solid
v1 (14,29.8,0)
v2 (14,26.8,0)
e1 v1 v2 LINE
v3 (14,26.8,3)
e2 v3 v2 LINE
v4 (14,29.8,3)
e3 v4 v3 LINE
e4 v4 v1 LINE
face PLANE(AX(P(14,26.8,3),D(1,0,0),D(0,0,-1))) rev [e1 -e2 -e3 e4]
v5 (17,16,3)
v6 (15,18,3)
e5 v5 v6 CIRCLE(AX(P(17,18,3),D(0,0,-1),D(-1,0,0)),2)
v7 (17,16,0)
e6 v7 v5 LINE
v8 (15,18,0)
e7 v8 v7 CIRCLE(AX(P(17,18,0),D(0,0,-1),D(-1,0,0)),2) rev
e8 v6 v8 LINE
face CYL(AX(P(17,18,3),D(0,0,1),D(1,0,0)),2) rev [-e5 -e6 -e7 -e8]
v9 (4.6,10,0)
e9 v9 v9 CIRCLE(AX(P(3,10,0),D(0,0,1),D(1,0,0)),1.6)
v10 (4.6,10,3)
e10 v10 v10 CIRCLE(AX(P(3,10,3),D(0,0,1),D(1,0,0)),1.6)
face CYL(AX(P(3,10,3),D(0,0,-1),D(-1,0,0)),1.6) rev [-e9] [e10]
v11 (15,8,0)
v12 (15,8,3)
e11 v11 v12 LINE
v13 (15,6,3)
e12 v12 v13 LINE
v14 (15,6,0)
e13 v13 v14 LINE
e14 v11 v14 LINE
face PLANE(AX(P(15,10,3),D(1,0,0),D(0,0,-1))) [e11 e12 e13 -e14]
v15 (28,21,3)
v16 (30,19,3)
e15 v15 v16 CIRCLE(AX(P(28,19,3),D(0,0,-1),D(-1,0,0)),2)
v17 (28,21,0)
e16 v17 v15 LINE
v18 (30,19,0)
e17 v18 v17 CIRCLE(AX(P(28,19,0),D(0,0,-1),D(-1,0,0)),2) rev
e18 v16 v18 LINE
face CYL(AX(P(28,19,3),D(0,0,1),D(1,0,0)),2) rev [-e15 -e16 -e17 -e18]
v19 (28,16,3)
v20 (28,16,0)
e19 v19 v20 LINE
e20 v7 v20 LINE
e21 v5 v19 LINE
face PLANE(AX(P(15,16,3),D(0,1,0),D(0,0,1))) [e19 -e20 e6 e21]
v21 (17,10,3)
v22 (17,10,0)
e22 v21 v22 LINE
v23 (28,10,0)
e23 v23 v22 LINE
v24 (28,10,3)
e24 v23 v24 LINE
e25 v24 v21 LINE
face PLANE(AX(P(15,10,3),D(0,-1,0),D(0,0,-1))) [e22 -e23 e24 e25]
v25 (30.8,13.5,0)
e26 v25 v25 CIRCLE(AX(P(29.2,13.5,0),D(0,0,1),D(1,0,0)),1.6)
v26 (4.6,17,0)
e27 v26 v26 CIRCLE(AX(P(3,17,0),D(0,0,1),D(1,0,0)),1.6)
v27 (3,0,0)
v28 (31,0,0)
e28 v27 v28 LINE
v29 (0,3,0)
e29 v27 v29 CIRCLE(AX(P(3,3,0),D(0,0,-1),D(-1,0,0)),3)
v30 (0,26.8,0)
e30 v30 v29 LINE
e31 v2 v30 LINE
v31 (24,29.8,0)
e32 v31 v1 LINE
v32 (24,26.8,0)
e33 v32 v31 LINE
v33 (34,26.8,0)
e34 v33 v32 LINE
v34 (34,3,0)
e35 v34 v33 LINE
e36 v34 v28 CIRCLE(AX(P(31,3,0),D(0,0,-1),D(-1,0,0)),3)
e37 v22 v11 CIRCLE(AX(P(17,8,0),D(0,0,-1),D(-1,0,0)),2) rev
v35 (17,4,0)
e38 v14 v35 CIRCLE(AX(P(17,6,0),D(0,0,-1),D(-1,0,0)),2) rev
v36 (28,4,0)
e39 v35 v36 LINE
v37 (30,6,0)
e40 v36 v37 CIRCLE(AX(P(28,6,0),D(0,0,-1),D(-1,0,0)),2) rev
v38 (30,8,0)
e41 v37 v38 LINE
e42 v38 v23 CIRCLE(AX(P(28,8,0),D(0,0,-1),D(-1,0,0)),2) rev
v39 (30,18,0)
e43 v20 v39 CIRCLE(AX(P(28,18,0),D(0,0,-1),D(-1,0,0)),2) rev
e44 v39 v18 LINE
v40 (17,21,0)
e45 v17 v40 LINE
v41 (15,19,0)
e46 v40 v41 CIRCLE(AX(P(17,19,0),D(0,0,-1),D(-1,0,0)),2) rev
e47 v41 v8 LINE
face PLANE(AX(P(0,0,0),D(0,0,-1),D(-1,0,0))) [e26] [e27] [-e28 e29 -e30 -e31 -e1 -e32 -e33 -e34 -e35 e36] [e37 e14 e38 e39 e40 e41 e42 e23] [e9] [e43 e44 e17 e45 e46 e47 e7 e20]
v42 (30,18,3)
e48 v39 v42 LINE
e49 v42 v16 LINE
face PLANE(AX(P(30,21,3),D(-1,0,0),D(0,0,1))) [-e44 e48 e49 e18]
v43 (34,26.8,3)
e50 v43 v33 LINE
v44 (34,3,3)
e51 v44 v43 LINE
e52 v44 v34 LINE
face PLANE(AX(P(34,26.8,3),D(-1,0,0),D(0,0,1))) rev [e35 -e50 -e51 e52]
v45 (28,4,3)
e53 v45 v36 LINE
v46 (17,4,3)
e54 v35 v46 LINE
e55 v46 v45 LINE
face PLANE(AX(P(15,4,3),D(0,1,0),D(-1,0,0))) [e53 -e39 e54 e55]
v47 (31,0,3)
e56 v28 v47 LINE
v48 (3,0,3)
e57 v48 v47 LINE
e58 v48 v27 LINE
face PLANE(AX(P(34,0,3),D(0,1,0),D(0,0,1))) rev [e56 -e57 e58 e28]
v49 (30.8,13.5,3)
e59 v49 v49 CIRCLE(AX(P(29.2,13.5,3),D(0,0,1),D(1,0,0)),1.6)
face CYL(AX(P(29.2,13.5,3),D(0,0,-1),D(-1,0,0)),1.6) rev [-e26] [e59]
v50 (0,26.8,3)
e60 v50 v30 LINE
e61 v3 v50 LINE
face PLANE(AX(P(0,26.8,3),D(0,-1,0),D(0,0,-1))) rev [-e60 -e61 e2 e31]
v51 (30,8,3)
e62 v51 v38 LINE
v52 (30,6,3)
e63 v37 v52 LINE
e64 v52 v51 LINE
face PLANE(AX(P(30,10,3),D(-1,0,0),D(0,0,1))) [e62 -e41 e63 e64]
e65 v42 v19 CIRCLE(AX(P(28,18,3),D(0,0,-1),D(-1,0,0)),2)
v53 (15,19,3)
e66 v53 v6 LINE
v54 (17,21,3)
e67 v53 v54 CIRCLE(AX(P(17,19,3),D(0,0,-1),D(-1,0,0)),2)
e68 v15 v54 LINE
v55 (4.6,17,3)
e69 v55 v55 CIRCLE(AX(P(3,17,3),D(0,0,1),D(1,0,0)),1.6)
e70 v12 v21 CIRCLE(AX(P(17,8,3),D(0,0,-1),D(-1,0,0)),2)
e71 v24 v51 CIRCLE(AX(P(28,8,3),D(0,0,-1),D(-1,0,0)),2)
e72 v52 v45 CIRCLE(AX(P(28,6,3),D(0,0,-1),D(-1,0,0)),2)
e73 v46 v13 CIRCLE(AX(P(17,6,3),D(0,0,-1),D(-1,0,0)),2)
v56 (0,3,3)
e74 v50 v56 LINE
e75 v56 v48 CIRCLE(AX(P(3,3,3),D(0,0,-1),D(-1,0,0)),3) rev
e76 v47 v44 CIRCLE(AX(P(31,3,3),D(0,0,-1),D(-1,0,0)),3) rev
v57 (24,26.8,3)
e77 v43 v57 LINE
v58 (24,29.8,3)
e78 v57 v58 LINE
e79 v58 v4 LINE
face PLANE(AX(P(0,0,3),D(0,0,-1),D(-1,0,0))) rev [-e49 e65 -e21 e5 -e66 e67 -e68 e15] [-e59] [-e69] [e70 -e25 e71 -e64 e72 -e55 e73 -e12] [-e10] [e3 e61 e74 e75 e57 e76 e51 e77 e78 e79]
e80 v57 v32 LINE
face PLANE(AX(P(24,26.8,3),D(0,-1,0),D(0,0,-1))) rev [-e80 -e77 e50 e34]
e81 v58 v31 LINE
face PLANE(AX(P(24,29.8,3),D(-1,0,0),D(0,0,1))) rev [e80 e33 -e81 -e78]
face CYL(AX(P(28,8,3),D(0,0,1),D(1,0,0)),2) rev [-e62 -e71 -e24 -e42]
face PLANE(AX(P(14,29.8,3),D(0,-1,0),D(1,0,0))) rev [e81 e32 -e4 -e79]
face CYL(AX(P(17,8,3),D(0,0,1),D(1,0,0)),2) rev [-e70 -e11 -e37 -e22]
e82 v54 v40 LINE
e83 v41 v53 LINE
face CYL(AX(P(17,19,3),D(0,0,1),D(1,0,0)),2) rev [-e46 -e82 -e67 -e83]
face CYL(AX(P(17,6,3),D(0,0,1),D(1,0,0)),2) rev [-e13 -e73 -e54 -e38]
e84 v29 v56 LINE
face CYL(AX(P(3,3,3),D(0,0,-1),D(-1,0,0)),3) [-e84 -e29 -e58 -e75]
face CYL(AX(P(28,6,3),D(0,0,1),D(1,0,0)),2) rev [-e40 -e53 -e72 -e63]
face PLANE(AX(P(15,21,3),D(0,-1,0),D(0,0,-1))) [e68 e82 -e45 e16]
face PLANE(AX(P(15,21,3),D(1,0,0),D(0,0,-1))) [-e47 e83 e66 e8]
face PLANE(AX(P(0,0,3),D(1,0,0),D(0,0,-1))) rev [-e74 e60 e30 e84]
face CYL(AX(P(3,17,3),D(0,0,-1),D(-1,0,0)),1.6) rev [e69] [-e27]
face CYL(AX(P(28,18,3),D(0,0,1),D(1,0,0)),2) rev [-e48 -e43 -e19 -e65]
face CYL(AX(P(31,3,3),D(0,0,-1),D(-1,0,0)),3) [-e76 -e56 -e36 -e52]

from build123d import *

# Parameters (mm, degrees)
SKETCH_1_R      = 1.6
SKETCH_1_W      = 15
SKETCH_1_H      = 6
SKETCH_1_H_2    = 5
EXTRUDE_1_DEPTH = 3
FILLET_1_R      = 2
FILLET_2_R      = 3


with BuildPart() as part:
    # 草图1 → 凸台-拉伸1 (new body)
    with BuildSketch(Plane.XY):
        Polygon((0, 0), (0, 26.8), (14, 26.8), (14, 29.8), (24, 29.8), (24, 26.8), (34, 26.8), (34, 0), align=None)
        with Locations((3, 17)):
            Circle(SKETCH_1_R, mode=Mode.SUBTRACT)
        with Locations((3, 10)):
            Circle(SKETCH_1_R, mode=Mode.SUBTRACT)
        with Locations((29.2, 13.5)):
            Circle(SKETCH_1_R, mode=Mode.SUBTRACT)
        with Locations((22.5, 7)):
            Rectangle(SKETCH_1_W, SKETCH_1_H, mode=Mode.SUBTRACT)
        with Locations((22.5, 18.5)):
            Rectangle(SKETCH_1_W, SKETCH_1_H_2, mode=Mode.SUBTRACT)
    extrude(amount=EXTRUDE_1_DEPTH)

    # 圆角1
    fillet_1_edges = [part.edges().sort_by_distance(p)[0] for p in [
        (15, 10, 1.5),
        (15, 4, 1.5),
        (30, 4, 1.5),
        (30, 10, 1.5),
        (15, 21, 1.5),
        (15, 16, 1.5),
        (30, 16, 1.5),
        (30, 21, 1.5),
    ]]
    fillet(fillet_1_edges, radius=FILLET_1_R)

    # 圆角2
    fillet_2_edges = [part.edges().sort_by_distance(p)[0] for p in [
        (0, 0, 1.5),
        (34, 0, 1.5),
    ]]
    fillet(fillet_2_edges, radius=FILLET_2_R)


solid = part.part
